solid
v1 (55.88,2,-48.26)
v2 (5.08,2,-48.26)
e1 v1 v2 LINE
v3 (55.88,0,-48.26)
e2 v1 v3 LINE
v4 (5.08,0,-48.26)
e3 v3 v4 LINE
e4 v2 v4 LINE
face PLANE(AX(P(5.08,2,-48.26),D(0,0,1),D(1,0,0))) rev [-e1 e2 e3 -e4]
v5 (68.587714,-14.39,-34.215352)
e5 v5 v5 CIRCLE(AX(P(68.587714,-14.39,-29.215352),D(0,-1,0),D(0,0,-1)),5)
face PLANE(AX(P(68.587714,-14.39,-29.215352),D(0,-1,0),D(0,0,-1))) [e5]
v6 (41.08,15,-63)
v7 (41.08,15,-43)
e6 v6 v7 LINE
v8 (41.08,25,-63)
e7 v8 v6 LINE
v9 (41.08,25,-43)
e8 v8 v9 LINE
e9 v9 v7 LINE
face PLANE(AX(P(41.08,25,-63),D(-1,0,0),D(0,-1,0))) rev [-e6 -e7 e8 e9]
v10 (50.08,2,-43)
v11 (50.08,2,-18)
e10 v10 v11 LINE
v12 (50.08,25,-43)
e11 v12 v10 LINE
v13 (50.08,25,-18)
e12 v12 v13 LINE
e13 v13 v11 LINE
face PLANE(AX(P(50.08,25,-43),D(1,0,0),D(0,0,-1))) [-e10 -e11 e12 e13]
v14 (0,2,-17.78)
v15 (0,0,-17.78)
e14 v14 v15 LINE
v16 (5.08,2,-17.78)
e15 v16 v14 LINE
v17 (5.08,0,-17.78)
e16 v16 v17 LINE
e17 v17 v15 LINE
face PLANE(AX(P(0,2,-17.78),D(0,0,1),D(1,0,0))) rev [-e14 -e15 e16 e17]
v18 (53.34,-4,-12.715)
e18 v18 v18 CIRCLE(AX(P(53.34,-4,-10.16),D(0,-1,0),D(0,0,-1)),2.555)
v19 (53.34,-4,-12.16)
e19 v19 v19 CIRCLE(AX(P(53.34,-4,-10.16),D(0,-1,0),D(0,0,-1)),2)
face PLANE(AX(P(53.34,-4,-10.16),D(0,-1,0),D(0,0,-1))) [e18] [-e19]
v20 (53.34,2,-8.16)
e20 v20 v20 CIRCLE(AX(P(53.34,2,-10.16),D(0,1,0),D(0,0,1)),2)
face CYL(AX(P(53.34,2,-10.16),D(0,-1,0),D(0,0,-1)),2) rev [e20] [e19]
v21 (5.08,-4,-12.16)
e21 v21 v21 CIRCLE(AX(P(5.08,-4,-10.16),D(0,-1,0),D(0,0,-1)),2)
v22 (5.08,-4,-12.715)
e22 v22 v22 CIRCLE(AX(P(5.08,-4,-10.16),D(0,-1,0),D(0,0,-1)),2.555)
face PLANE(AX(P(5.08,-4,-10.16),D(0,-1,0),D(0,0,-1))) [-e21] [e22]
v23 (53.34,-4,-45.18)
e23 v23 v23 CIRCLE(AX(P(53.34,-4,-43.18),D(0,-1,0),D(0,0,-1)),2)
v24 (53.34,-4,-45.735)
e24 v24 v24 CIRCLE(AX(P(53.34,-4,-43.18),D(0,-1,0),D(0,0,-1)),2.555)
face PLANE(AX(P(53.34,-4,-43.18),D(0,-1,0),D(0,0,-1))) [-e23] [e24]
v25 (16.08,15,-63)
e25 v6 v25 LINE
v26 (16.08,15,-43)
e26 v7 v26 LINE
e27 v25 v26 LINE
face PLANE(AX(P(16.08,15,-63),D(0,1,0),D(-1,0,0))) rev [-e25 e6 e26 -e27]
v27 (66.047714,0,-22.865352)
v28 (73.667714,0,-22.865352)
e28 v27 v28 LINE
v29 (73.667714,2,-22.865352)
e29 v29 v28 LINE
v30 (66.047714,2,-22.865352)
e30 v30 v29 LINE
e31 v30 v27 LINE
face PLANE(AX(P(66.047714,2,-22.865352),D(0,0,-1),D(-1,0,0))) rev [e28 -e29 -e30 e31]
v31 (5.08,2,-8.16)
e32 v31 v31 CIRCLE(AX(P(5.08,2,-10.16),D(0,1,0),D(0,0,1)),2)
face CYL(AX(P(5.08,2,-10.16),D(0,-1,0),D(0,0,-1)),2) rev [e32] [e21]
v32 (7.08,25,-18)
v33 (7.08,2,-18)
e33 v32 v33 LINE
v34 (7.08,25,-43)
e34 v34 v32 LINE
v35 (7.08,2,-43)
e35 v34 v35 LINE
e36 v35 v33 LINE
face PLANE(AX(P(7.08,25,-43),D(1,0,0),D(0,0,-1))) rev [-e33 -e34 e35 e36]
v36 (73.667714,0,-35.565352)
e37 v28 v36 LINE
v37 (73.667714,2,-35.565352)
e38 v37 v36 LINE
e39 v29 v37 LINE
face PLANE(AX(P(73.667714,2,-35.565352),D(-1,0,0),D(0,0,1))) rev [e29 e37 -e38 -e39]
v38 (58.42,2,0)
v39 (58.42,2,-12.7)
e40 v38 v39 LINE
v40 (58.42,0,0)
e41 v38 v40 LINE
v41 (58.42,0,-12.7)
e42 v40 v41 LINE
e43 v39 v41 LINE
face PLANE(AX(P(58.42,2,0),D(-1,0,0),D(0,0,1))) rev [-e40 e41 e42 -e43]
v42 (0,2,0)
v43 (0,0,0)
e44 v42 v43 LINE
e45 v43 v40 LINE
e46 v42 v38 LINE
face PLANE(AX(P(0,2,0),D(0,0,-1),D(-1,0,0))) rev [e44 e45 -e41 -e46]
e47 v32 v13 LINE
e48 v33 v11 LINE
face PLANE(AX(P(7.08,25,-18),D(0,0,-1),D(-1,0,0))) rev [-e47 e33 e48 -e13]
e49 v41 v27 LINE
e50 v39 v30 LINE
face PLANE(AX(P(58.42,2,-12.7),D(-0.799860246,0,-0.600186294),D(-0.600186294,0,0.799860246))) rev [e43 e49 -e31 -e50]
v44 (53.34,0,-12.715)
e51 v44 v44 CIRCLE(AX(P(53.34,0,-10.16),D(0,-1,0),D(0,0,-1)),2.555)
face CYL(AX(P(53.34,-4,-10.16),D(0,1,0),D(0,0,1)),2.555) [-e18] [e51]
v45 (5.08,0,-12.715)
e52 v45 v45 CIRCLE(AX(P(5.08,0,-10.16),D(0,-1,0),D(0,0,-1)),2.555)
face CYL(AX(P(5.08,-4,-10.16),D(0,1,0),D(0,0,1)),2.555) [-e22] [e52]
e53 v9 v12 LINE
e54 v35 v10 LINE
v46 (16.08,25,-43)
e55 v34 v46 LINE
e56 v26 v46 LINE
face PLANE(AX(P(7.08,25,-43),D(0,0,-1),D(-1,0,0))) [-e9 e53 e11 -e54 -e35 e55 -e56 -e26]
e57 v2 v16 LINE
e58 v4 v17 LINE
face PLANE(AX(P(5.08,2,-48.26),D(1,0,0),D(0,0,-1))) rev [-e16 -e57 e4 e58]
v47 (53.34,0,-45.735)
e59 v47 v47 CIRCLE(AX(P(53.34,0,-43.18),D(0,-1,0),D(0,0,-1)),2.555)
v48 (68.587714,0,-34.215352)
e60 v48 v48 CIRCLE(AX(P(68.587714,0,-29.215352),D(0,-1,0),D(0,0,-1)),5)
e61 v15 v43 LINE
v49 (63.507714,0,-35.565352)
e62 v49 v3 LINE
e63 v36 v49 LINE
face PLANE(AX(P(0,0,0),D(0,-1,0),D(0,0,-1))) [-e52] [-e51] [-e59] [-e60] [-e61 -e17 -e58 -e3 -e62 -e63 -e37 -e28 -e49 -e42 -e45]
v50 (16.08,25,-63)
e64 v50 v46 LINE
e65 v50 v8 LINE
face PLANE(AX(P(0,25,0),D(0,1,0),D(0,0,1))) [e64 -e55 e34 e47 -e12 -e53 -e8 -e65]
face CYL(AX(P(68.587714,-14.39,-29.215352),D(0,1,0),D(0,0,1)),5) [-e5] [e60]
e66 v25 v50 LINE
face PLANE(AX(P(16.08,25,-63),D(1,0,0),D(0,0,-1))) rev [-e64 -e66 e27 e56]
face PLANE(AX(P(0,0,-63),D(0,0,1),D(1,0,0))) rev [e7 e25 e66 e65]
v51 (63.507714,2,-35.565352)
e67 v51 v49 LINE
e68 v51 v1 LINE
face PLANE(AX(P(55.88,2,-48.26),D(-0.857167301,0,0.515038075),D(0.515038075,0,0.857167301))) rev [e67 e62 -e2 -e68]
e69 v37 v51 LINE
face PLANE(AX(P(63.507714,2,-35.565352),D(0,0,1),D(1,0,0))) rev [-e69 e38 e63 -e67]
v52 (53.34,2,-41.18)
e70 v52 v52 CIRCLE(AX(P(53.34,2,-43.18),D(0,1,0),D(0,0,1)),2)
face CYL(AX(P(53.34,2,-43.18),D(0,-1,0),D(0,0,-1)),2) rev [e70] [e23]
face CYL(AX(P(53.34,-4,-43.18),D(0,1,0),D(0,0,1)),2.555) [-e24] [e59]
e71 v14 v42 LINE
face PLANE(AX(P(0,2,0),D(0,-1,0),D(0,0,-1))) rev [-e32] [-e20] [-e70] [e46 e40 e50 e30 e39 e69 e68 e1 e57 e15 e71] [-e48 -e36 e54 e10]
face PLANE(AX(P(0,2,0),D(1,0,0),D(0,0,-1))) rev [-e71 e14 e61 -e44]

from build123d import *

# Parameters (mm, degrees)
SKETCH1_R           = 2
BOSS_EXTRUDE1_DEPTH = 2
SKETCH2_W           = 43
SKETCH2_H           = 25
BOSS_EXTRUDE2_DEPTH = 23
SKETCH4_R           = 5
BOSS_EXTRUDE3_DEPTH = 14.39
SKETCH5_R           = 2.555
SKETCH5_R_2         = 2
BOSS_EXTRUDE4_DEPTH = 4
SKETCH6_W           = 25
SKETCH6_H           = 10
BOSS_EXTRUDE5_DEPTH = 20


with BuildPart() as part:
    # Sketch1 → Boss-Extrude1 (new body)
    with BuildSketch(Plane(origin=(0, 0, 0), x_dir=(1, 0, 0), z_dir=(0, 1, 0))):
        Polygon((55.88, 48.26), (63.507713889, 35.565352277), (73.667713889, 35.565352277), (73.667713889, 22.865352277), (66.047713889, 22.865352277), (58.42, 12.7), (58.42, 0), (0, 0), (0, 17.78), (5.08, 17.78), (5.08, 48.26), align=None)
        with Locations((5.08, 10.16)):
            Circle(SKETCH1_R, mode=Mode.SUBTRACT)
        with Locations((53.34, 10.16)):
            Circle(SKETCH1_R, mode=Mode.SUBTRACT)
        with Locations((53.34, 43.18)):
            Circle(SKETCH1_R, mode=Mode.SUBTRACT)
    extrude(amount=BOSS_EXTRUDE1_DEPTH)

    # Sketch2 → Boss-Extrude2 (add)
    with BuildSketch(Plane(origin=(0, 2, 0), x_dir=(1, 0, 0), z_dir=(0, 1, 0))):
        with Locations((28.58, 30.5)):
            Rectangle(SKETCH2_W, SKETCH2_H)
    extrude(amount=BOSS_EXTRUDE2_DEPTH)

    # Sketch4 → Boss-Extrude3 (add)
    with BuildSketch(Plane.XZ):
        with Locations((68.587713889, -29.215352277)):
            Circle(SKETCH4_R)
    extrude(amount=BOSS_EXTRUDE3_DEPTH)

    # Sketch5 → Boss-Extrude4 (add)
    with BuildSketch(Plane.XZ):
        with Locations((5.08, -10.16)):
            Circle(SKETCH5_R)
        with Locations((5.08, -10.16)):
            Circle(SKETCH5_R_2, mode=Mode.SUBTRACT)
        with Locations((53.34, -10.16)):
            Circle(SKETCH5_R)
        with Locations((53.34, -10.16)):
            Circle(SKETCH5_R_2, mode=Mode.SUBTRACT)
        with Locations((53.34, -43.18)):
            Circle(SKETCH5_R)
        with Locations((53.34, -43.18)):
            Circle(SKETCH5_R_2, mode=Mode.SUBTRACT)
    extrude(amount=BOSS_EXTRUDE4_DEPTH)

    # Sketch6 → Boss-Extrude5 (add)
    with BuildSketch(Plane(origin=(0, 0, -43), x_dir=(-1, 0, 0), z_dir=(0, 0, -1))):
        with Locations((-28.58, 20)):
            Rectangle(SKETCH6_W, SKETCH6_H)
    extrude(amount=BOSS_EXTRUDE5_DEPTH)


solid = part.part
